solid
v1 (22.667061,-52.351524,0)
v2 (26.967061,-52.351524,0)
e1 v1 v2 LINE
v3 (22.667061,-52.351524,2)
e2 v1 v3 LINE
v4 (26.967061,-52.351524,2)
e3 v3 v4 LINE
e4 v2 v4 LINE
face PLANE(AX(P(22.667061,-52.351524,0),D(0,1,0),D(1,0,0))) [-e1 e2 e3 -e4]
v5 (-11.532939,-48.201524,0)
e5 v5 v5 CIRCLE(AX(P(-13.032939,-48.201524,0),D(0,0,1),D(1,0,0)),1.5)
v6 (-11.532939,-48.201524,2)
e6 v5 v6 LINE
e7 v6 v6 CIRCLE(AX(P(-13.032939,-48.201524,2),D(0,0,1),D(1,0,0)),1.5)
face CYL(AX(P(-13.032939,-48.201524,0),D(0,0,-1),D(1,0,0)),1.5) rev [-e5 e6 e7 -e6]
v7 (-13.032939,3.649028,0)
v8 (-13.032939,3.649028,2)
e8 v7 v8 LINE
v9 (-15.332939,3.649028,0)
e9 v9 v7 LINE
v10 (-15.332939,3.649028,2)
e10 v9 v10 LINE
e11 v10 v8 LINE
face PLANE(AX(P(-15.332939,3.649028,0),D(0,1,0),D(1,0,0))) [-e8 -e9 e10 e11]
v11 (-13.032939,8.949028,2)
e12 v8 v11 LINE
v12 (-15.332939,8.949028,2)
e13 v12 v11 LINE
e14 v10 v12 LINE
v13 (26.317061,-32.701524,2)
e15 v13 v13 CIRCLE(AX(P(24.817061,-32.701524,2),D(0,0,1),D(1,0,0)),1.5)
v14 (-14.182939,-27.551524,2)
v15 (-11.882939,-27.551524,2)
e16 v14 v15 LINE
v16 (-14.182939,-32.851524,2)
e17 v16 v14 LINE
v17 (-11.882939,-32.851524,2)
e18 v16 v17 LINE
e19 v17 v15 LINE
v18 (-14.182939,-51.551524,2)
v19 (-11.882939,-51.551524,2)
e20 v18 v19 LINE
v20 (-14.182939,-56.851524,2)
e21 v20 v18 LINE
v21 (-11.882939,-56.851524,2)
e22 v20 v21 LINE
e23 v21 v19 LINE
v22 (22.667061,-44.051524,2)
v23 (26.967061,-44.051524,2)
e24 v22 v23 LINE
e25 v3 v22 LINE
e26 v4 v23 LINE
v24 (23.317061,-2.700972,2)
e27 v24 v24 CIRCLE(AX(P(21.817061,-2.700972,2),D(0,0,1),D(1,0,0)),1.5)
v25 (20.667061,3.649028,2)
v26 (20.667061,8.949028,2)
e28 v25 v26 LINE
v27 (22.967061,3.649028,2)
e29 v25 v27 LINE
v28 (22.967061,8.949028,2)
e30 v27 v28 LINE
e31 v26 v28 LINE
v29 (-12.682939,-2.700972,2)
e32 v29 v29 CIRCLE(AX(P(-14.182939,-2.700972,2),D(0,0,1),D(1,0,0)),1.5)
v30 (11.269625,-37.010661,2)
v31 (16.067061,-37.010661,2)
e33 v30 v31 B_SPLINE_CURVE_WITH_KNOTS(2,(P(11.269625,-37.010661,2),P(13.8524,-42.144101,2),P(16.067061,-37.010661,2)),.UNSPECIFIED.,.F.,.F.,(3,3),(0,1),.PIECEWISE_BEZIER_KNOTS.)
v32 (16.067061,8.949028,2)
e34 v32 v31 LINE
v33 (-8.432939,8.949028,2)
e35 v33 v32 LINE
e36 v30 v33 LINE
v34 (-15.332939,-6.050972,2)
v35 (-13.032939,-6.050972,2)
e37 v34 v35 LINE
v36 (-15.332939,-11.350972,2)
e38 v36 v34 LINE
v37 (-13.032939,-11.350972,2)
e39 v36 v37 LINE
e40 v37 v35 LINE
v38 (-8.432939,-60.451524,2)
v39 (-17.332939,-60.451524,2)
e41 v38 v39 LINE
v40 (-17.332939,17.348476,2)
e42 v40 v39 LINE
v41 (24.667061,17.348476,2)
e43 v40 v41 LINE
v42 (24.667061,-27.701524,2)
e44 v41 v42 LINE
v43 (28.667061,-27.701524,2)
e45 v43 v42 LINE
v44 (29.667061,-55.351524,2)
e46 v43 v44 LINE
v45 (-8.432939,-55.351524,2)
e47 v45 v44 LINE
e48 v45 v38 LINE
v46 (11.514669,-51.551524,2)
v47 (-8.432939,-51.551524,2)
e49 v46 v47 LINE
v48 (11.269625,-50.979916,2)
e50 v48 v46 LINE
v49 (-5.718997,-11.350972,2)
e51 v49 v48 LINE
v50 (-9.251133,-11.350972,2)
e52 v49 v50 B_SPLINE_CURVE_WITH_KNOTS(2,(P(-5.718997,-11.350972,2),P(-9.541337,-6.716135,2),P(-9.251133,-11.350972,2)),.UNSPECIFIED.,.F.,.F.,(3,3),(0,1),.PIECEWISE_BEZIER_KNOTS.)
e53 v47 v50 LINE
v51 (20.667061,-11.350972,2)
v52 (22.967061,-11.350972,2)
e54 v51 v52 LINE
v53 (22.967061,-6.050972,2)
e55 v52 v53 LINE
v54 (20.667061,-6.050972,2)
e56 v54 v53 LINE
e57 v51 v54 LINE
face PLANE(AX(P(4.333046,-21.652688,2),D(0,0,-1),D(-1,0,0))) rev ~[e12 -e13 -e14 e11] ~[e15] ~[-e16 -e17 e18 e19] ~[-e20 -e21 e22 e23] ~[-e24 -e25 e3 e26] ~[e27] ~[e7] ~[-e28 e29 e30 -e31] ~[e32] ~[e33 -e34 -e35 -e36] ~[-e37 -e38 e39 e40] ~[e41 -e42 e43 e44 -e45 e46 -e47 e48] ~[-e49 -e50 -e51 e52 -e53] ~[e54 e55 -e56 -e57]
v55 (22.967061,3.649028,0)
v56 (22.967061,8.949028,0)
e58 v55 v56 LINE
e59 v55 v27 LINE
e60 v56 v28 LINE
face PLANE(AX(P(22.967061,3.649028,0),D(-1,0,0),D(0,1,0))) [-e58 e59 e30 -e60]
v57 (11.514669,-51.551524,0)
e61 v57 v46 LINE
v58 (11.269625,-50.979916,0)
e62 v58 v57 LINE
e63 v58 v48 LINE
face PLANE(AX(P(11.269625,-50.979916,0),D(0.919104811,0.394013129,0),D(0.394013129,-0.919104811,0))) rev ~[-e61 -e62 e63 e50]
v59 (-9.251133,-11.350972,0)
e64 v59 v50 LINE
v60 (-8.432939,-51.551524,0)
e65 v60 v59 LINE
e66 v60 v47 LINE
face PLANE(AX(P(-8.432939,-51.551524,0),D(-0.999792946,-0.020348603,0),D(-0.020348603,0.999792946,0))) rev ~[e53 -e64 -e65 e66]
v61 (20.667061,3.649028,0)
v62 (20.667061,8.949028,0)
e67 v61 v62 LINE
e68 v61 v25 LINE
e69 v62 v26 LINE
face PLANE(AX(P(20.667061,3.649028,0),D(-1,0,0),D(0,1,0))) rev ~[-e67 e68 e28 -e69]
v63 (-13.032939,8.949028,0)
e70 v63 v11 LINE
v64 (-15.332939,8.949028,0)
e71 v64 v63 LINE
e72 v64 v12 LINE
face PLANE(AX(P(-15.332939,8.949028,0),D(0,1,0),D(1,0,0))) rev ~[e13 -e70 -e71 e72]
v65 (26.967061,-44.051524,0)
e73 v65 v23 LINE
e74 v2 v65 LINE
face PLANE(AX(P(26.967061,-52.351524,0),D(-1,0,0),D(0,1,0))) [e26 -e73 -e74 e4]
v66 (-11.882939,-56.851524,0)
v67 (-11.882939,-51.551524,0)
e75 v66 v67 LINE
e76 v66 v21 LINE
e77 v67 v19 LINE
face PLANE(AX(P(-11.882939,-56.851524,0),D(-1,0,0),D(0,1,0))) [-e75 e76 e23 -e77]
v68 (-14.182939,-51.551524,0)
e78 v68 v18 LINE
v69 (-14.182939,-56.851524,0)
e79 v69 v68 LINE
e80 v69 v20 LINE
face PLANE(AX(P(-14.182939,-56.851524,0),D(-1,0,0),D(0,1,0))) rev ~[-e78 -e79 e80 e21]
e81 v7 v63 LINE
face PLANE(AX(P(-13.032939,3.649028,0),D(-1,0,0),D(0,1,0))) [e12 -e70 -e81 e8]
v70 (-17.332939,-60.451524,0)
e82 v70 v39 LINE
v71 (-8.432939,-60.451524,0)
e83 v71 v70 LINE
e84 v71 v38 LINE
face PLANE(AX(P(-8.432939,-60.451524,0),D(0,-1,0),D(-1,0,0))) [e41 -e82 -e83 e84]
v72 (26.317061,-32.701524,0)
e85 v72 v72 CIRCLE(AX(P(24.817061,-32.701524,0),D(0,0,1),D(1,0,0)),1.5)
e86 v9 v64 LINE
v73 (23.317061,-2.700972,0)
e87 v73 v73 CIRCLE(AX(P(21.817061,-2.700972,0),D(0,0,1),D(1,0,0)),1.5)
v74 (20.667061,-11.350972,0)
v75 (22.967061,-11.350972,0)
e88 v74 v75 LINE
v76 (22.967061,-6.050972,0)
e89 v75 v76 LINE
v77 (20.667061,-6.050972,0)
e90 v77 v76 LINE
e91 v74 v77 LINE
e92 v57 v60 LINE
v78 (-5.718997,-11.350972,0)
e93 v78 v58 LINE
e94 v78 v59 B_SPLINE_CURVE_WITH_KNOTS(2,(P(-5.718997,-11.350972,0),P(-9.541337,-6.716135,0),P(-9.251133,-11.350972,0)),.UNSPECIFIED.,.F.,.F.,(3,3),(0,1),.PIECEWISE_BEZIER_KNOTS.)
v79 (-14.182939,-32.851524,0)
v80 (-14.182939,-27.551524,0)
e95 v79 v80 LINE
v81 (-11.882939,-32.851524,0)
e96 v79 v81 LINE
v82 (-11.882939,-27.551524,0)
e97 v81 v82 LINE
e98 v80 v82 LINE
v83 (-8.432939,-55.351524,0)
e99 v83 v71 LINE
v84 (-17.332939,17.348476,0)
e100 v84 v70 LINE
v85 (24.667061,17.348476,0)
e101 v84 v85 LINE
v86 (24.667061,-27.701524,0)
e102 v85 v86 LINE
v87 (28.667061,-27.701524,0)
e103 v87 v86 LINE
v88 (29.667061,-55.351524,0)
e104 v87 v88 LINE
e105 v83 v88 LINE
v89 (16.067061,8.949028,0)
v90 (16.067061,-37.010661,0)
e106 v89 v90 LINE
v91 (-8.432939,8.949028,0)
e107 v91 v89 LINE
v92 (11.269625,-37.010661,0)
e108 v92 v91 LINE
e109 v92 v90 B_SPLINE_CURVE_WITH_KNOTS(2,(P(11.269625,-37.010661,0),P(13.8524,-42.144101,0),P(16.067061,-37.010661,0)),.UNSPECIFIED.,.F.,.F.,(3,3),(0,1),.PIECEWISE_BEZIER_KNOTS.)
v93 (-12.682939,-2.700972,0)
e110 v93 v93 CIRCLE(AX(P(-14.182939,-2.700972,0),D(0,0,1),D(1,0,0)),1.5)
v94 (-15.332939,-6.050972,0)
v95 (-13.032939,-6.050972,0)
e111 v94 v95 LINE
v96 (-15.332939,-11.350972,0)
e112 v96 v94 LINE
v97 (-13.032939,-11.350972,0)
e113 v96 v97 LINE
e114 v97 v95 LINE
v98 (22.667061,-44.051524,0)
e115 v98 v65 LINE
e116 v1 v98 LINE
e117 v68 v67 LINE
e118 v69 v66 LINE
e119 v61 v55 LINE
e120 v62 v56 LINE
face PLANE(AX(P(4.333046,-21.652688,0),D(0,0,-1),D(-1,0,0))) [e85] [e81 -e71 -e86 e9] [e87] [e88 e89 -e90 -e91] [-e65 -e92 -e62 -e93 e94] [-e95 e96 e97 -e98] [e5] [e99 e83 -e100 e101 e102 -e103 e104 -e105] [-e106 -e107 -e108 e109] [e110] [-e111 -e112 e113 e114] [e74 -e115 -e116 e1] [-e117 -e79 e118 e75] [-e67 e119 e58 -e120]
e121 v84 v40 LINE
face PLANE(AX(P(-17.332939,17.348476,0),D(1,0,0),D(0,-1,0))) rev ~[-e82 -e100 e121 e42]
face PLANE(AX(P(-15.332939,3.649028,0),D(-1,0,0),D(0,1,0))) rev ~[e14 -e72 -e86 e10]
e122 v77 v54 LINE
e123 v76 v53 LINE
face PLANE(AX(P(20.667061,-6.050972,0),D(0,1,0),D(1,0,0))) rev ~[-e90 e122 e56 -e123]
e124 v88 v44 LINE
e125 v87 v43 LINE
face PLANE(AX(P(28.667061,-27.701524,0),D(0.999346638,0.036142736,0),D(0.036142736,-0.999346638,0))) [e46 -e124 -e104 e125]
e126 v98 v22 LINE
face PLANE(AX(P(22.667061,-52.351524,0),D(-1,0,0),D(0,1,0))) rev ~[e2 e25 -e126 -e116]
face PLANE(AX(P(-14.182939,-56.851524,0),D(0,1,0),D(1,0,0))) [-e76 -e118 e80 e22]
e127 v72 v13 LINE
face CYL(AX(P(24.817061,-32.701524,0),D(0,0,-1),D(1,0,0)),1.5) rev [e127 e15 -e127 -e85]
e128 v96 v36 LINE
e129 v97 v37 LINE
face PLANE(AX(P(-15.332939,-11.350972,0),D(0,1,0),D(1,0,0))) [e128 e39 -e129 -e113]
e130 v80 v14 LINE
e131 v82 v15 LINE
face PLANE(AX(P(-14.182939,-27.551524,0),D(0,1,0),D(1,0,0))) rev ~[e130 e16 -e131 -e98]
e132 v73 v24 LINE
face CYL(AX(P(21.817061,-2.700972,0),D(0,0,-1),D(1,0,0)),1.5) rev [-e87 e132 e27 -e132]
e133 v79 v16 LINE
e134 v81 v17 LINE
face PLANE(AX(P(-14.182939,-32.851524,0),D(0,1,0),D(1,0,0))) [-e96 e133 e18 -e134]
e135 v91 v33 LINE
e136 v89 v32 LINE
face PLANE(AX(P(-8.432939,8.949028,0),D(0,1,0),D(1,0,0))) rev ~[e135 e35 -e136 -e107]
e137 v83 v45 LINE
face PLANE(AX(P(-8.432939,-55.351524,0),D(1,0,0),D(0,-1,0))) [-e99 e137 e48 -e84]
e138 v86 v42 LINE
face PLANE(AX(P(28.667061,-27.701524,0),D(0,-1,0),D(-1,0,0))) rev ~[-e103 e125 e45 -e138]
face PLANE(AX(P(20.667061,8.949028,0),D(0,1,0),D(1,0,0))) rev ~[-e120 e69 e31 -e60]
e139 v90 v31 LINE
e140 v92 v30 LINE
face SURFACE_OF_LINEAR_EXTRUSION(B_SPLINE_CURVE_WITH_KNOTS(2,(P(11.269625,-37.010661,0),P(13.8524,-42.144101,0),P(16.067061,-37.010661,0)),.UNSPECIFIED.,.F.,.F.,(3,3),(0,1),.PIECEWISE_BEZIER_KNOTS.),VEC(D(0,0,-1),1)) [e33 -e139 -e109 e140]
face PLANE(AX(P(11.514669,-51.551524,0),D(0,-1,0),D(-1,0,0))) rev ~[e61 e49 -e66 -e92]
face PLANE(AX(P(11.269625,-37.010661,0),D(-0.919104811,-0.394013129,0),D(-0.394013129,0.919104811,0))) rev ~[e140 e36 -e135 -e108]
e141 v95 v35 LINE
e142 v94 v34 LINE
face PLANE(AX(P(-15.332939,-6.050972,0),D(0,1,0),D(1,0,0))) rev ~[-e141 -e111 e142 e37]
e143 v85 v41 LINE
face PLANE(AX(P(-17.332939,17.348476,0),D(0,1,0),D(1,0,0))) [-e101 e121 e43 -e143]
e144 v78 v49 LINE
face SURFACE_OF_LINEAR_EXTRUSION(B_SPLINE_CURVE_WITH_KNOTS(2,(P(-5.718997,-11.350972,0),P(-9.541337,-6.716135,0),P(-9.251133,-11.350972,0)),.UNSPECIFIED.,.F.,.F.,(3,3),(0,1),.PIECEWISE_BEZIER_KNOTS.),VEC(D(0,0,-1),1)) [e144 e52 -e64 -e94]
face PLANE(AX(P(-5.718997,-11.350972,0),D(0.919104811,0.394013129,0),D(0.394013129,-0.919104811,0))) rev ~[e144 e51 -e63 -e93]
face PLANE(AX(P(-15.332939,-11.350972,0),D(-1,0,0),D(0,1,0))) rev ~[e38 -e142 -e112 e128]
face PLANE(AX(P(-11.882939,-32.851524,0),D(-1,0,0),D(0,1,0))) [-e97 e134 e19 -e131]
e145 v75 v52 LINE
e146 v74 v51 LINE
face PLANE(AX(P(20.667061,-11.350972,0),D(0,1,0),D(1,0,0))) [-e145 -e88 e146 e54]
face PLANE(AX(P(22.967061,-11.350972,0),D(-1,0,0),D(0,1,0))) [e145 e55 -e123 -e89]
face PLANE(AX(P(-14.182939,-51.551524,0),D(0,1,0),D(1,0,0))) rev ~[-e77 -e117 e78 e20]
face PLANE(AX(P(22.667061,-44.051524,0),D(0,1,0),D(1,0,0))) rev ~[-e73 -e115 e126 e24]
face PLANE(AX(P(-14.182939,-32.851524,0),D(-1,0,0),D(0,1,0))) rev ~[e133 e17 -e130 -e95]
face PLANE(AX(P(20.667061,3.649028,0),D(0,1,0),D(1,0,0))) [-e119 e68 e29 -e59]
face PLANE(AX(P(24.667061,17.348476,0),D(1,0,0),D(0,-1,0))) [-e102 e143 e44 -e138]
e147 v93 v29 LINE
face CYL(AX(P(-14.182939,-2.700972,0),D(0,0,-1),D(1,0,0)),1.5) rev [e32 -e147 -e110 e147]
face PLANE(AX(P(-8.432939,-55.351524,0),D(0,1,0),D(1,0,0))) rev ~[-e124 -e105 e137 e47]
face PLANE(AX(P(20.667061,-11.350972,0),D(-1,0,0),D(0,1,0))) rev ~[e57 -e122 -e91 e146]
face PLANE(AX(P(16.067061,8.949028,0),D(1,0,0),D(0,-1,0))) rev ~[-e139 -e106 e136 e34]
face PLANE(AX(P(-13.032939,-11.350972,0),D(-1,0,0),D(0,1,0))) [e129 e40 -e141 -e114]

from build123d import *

# Parameters (mm, degrees)
SKETCH_1_R      = 1.5
SKETCH_1_W      = 2.3
SKETCH_1_H      = 5.3
SKETCH_1_W_2    = 4.3
SKETCH_1_H_2    = 8.3
EXTRUDE_1_DEPTH = 2


with BuildPart() as part:
    # 草图1 → 凸台-拉伸1 (new body)
    with BuildSketch(Plane.XY):
        Polygon((24.667061038, 17.348475873), (24.667061038, -27.701524127), (26.667061038, -27.701524127), (28.667061038, -27.701524127), (29.667061038, -55.351524127), (22.667061038, -55.351524127), (20.667061038, -55.351524127), (-8.432938962, -55.351524127), (-8.432938962, -60.451524127), (-17.332938962, -60.451524127), (-17.332938962, -14.651524127), (-17.332938962, -11.651524127), (-17.332938962, 17.348475873), align=None)
        with Locations((-14.182938962, -2.700971973)):
            Circle(SKETCH_1_R, mode=Mode.SUBTRACT)
        with Locations((21.817061038, -2.700971973)):
            Circle(SKETCH_1_R, mode=Mode.SUBTRACT)
        with Locations((24.817061038, -32.701524127)):
            Circle(SKETCH_1_R, mode=Mode.SUBTRACT)
        with Locations((-13.032938962, -48.201524127)):
            Circle(SKETCH_1_R, mode=Mode.SUBTRACT)
        with Locations((-14.182938962, -8.700971973)):
            Rectangle(SKETCH_1_W, SKETCH_1_H, mode=Mode.SUBTRACT)
        with Locations((-14.182938962, 6.299028027)):
            Rectangle(SKETCH_1_W, SKETCH_1_H, mode=Mode.SUBTRACT)
        with Locations((21.817061038, 6.299028027)):
            Rectangle(SKETCH_1_W, SKETCH_1_H, mode=Mode.SUBTRACT)
        with Locations((21.817061038, -8.700971973)):
            Rectangle(SKETCH_1_W, SKETCH_1_H, mode=Mode.SUBTRACT)
        with Locations((24.817061038, -48.201524127)):
            Rectangle(SKETCH_1_W_2, SKETCH_1_H_2, mode=Mode.SUBTRACT)
        with BuildLine():
            Line((-8.432938962, 8.949028027), (16.067061038, 8.949028027))
            Line((16.067061038, 8.949028027), (16.067061038, -37.010661405))
            add(Edge.make_bspline(
                [(11.269624681, -37.010661405), (13.852400302, -42.144100828), (16.067061038, -37.010661405)],
                knots=[0, 0, 0, 1, 1, 1], degree=2))
            Line((11.269624681, -37.010661405), (-8.432938962, 8.949028027))
        make_face(mode=Mode.SUBTRACT)
        with BuildLine():
            Line((-8.432938962, -51.551524127), (-9.251133438, -11.350971973))
            add(Edge.make_bspline(
                [(-5.718997159, -11.350971973), (-9.541336837, -6.716135438), (-9.251133438, -11.350971973)],
                knots=[0, 0, 0, 1, 1, 1], degree=2))
            Line((-5.718997159, -11.350971973), (11.269624681, -50.979915585))
            Line((11.269624681, -50.979915585), (11.514668845, -51.551524127))
            Line((11.514668845, -51.551524127), (-8.432938962, -51.551524127))
        make_face(mode=Mode.SUBTRACT)
        with Locations((-13.032938962, -54.201524127)):
            Rectangle(SKETCH_1_W, SKETCH_1_H, mode=Mode.SUBTRACT)
        with Locations((-13.032938962, -30.201524127)):
            Rectangle(SKETCH_1_W, SKETCH_1_H, mode=Mode.SUBTRACT)
    extrude(amount=EXTRUDE_1_DEPTH)


solid = part.part
